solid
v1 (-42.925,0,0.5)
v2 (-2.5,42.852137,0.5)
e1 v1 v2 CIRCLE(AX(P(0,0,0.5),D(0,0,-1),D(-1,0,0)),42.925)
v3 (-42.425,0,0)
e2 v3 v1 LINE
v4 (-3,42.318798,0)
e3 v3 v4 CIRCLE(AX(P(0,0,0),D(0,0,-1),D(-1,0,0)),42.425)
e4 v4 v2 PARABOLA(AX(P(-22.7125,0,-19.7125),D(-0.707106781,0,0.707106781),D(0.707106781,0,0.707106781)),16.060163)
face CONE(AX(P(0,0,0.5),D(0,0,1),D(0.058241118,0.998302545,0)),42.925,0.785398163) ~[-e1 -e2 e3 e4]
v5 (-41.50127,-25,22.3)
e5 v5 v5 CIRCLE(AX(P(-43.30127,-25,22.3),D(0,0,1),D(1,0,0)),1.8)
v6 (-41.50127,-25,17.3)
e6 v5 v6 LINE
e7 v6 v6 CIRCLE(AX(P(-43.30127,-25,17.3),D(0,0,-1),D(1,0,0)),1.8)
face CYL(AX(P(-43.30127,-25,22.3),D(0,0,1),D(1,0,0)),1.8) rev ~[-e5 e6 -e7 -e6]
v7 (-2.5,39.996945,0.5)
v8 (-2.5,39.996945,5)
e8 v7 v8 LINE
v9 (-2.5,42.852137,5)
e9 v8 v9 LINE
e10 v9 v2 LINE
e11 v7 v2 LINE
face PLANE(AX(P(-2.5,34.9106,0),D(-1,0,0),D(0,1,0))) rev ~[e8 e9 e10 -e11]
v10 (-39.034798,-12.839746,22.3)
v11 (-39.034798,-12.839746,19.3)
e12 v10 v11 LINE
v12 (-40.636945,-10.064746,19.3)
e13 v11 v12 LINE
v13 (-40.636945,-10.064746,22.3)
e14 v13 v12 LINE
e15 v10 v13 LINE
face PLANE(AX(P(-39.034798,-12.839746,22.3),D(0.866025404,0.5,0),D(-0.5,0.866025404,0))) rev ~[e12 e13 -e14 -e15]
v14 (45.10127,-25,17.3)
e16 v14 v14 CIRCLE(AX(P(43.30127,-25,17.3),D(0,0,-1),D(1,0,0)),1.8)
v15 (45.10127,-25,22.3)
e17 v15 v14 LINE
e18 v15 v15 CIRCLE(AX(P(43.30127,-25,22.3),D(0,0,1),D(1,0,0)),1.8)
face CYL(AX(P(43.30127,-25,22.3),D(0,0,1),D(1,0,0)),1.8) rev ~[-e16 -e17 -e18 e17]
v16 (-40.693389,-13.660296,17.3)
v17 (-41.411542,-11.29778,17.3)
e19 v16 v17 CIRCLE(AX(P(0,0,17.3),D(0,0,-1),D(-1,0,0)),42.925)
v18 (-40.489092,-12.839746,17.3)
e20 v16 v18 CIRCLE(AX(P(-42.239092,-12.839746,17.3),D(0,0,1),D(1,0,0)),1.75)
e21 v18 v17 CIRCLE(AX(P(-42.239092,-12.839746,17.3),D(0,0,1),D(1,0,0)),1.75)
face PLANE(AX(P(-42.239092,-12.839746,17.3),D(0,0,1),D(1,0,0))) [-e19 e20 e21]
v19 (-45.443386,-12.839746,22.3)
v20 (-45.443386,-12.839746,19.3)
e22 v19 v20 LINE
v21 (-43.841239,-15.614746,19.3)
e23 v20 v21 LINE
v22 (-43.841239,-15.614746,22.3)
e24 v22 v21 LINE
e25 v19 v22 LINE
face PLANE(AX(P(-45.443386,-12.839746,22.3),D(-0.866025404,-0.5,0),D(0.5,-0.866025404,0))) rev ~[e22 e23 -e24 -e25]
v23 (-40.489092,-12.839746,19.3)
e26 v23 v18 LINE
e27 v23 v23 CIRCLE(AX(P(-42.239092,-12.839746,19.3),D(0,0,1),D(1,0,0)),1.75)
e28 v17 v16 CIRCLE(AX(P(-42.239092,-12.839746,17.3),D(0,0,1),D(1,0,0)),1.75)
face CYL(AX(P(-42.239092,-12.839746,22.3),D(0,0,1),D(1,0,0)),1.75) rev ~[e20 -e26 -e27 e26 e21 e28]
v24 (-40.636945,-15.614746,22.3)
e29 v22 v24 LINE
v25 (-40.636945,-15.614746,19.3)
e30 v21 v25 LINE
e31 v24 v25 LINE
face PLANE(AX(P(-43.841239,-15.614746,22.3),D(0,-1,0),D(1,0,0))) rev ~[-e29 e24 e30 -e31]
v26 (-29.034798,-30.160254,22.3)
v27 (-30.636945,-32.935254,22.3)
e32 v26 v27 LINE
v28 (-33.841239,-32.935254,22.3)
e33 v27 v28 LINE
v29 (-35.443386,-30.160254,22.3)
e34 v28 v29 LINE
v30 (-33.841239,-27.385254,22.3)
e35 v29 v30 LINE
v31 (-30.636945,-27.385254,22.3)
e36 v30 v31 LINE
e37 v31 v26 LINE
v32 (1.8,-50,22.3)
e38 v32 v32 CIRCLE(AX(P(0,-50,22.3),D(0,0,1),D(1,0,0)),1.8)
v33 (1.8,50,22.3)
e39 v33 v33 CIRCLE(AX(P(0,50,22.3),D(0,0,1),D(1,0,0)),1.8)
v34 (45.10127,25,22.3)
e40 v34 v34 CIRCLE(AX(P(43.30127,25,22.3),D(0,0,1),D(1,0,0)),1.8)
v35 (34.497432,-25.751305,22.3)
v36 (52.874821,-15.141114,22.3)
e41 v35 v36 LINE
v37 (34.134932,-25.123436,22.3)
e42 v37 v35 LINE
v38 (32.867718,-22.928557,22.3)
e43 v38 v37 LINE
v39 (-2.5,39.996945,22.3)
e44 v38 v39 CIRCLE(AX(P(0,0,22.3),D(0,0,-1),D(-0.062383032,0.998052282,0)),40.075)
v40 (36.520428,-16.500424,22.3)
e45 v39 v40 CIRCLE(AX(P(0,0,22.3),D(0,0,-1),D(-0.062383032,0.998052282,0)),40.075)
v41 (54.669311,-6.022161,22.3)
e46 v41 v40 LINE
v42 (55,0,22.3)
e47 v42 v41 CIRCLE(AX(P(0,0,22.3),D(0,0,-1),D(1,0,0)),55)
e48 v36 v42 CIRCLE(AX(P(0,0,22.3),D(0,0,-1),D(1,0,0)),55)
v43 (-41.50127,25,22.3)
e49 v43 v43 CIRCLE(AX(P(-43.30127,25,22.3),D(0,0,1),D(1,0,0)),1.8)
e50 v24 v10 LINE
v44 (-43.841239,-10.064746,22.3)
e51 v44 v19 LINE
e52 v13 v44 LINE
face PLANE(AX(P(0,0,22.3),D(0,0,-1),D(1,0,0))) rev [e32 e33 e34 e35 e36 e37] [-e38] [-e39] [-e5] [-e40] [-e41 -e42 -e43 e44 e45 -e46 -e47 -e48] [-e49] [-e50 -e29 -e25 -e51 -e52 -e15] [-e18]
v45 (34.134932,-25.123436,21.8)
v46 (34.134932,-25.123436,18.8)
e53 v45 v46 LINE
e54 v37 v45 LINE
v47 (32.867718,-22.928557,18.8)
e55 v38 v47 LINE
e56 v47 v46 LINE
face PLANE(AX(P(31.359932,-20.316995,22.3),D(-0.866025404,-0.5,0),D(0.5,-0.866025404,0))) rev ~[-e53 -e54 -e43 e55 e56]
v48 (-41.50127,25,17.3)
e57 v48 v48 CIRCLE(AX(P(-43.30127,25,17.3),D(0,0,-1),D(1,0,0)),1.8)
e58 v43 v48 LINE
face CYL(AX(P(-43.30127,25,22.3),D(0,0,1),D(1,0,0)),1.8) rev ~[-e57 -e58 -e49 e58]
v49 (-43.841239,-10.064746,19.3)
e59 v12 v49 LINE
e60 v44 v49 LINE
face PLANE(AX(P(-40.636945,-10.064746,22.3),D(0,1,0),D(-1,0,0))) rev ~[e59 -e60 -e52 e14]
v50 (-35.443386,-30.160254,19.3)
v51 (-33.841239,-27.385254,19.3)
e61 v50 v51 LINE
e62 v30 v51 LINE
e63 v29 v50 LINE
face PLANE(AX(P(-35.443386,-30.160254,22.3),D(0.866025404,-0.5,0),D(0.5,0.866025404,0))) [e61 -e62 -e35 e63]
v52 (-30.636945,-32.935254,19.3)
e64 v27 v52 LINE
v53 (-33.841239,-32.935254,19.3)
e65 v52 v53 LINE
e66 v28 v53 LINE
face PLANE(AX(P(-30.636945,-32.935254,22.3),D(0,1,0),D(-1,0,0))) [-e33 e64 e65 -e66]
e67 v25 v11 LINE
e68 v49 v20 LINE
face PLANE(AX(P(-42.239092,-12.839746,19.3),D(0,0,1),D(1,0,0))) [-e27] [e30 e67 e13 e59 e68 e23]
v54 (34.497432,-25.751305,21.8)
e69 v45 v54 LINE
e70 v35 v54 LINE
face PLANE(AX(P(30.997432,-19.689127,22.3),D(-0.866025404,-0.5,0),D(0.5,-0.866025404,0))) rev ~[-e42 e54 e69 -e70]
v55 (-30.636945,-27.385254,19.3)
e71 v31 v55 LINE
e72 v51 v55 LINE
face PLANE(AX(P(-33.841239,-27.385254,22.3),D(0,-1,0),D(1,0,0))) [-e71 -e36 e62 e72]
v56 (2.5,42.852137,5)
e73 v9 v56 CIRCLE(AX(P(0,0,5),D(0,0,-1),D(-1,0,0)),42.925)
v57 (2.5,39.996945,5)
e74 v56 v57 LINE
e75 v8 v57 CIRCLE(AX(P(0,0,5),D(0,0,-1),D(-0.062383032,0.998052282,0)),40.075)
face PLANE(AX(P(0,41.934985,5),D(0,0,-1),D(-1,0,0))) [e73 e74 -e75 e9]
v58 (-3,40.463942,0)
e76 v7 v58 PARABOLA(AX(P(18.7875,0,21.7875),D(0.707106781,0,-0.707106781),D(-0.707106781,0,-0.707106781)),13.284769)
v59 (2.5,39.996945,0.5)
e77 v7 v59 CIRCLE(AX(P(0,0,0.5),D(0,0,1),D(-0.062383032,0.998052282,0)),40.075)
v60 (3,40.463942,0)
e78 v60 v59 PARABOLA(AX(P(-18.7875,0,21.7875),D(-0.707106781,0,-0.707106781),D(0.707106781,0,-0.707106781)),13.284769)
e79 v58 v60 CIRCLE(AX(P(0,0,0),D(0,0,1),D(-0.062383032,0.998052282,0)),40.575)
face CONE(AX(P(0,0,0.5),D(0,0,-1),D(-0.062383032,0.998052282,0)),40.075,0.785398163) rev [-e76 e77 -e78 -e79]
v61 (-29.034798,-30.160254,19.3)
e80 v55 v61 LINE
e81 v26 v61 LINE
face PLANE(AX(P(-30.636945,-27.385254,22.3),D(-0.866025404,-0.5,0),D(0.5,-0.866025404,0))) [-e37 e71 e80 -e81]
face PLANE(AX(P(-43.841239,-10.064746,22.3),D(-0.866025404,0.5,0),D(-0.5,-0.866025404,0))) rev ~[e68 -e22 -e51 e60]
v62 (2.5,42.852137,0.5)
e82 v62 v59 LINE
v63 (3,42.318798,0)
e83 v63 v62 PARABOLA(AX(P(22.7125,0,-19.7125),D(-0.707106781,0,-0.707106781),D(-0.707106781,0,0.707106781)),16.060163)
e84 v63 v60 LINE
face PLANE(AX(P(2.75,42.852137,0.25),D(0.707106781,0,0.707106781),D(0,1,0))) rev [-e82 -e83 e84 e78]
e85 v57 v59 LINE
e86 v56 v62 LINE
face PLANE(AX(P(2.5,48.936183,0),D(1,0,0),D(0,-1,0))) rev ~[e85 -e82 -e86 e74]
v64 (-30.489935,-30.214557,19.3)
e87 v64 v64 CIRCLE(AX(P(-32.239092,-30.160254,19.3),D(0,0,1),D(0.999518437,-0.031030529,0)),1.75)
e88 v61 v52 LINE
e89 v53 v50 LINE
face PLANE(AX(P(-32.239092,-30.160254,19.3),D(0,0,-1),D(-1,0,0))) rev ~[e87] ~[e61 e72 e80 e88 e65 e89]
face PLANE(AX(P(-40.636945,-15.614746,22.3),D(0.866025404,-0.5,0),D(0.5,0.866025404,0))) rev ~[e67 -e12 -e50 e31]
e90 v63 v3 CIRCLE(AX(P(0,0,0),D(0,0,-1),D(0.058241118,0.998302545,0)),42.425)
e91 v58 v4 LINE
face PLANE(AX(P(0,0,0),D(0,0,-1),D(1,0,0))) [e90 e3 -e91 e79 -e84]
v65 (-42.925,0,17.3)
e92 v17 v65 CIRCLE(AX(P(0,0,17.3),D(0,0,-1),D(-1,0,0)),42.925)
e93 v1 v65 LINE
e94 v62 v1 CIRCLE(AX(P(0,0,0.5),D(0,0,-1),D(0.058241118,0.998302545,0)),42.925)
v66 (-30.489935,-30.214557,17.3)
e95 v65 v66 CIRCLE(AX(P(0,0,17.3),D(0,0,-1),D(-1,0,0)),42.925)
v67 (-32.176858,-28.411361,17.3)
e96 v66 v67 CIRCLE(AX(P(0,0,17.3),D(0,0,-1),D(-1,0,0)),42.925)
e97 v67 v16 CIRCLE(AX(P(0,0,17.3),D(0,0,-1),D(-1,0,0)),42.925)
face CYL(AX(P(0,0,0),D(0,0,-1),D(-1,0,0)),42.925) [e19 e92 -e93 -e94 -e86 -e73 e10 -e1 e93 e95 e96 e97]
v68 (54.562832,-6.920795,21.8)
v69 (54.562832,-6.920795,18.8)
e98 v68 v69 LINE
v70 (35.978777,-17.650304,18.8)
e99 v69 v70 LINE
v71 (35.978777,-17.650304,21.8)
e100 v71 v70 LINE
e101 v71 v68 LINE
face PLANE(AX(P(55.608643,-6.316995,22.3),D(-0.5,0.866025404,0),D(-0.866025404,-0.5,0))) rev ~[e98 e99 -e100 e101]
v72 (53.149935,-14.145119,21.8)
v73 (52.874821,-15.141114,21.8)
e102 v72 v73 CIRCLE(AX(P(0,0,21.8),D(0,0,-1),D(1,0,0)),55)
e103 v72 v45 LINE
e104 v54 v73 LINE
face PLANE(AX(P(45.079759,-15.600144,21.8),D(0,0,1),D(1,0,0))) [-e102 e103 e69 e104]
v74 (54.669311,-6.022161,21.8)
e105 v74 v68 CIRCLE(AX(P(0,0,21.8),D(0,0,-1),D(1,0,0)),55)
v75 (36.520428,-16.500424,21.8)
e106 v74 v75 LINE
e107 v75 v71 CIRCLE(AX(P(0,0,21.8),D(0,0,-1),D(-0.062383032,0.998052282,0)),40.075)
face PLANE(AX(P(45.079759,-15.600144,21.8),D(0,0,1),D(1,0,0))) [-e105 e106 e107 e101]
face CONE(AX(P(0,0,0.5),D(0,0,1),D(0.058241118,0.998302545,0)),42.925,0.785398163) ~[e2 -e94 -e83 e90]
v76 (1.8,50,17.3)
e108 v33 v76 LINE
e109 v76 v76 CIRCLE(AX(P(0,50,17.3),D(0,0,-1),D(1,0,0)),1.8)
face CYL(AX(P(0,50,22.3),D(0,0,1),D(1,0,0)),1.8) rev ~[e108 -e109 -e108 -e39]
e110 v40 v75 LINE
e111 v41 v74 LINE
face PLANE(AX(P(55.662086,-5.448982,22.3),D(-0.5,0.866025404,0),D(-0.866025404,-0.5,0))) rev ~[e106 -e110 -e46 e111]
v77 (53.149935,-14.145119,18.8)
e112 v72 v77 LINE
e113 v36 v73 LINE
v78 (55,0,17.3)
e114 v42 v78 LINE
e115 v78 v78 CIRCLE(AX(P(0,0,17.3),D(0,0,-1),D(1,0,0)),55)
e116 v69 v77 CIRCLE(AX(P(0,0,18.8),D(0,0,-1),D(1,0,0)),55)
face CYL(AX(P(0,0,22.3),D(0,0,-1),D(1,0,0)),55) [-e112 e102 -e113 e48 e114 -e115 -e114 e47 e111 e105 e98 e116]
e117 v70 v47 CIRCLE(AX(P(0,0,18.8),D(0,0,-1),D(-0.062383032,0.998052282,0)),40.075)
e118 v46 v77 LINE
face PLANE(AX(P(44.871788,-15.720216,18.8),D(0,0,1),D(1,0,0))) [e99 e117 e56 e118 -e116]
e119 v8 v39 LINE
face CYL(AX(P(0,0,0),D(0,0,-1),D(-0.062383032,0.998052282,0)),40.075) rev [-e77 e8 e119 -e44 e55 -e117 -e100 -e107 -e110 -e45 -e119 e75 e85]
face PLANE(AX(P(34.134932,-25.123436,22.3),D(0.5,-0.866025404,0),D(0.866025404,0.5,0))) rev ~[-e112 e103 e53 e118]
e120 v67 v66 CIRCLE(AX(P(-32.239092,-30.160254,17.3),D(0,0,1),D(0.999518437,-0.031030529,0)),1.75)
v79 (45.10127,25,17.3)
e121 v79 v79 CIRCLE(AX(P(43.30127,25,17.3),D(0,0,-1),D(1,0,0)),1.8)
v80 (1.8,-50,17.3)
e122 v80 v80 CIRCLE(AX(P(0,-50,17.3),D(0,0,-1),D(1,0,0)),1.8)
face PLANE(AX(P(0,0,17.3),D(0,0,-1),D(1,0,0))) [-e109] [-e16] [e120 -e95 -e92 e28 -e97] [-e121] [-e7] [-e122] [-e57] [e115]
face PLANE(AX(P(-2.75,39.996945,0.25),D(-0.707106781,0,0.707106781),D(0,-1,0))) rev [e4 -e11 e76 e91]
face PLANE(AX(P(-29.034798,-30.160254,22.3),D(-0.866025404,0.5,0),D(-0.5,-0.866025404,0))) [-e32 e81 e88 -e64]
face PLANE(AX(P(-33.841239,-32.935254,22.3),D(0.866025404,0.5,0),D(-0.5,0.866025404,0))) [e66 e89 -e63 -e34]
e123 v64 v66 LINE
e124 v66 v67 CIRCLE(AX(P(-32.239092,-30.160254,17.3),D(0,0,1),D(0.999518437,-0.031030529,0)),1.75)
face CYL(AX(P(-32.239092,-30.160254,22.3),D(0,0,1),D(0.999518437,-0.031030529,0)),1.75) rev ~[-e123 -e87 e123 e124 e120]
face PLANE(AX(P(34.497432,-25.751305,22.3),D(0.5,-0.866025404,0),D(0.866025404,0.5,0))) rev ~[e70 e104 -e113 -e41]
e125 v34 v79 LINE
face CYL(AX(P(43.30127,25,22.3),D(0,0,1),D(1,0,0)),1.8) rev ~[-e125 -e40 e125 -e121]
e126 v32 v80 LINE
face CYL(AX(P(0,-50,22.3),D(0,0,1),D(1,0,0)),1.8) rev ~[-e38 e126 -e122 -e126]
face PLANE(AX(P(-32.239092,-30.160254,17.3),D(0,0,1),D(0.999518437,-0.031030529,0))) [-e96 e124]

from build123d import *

# Parameters (mm, degrees)
SKETCH2_R           = 1.8
CUT_EXTRUDE1_DEPTH  = 11
CUT_EXTRUDE2_DEPTH  = 5
SKETCH4_OUTSIDE_W   = 143.43
SKETCH4_OUTSIDE_H   = 143.43
SKETCH4_OUTSIDE_R   = 42.925
CUT_EXTRUDE3_DEPTH  = 17.3
SKETCH6_R           = 40.075
CUT_EXTRUDE5_DEPTH  = 81.915326113
CHAMFER1_SIZE       = 0.5
CUT_EXTRUDE6_DEPTH  = 3.5
CUT_EXTRUDE7_DEPTH  = 3
SKETCH9_R           = 1.75
CUT_EXTRUDE9_DEPTH  = 5
CUT_EXTRUDE10_DEPTH = 0.5


with BuildPart() as part:
    # Sketch1 → Revolve1 (revolve)
    with BuildSketch(Plane(origin=(0, 0, 0), x_dir=(1, 0, 0), z_dir=(0, 1, 0))):
        Polygon((35, 0), (35, -22.3), (55, -22.3), (55, -17.3), (49, -17.3), (49, 0), align=None)
    revolve(axis=Axis((0, 0, 94.21875), (0, 0, -1)))

    # Sketch2 → Cut-Extrude1 (cut)
    with BuildSketch(Plane.XY.offset(22.3)):
        with Locations((0, 50)):
            Circle(SKETCH2_R)
        with Locations((43.301270189, 25)):
            Circle(SKETCH2_R)
        with Locations((43.301270189, -25)):
            Circle(SKETCH2_R)
        with Locations((0, -50)):
            Circle(SKETCH2_R)
        with Locations((-43.301270189, -25)):
            Circle(SKETCH2_R)
        with Locations((-43.301270189, 25)):
            Circle(SKETCH2_R)
    extrude(amount=-CUT_EXTRUDE1_DEPTH, mode=Mode.SUBTRACT)

    # Sketch3 → Cut-Extrude2 (cut)
    with BuildSketch(Plane.XY):
        with BuildLine():
            Line((2.5, 48.936182932), (2.5, 34.910600109))
            ThreePointArc((2.5, 34.910600109), (0, 35), (-2.5, 34.910600109))
            Line((-2.5, 34.910600109), (-2.5, 48.936182932))
            ThreePointArc((-2.5, 48.936182932), (0, 49), (2.5, 48.936182932))
        make_face()
    extrude(amount=CUT_EXTRUDE2_DEPTH, mode=Mode.SUBTRACT)

    # Sketch4 outside → Cut-Extrude3 (cut)
    with BuildSketch(Plane(origin=(0, 0, 0), x_dir=(-1, 0, 0), z_dir=(0, 0, -1))):
        Rectangle(SKETCH4_OUTSIDE_W, SKETCH4_OUTSIDE_H)
        Circle(SKETCH4_OUTSIDE_R, mode=Mode.SUBTRACT)
    extrude(amount=-CUT_EXTRUDE3_DEPTH, mode=Mode.SUBTRACT)

    # Sketch6 → Cut-Extrude5 (cut, through all)
    with BuildSketch(Plane.XY):
        with Locations(Location((0, 0, 0), (0, 0, 93.576606812))):
            Circle(SKETCH6_R)
    extrude(amount=CUT_EXTRUDE5_DEPTH, mode=Mode.SUBTRACT)

    # Chamfer1
    chamfer1_edges = [part.edges().sort_by_distance(p)[0] for p in [
        (2.5, 41.424540979, 0),
        (0, -40.075, 0),
        (-2.5, 41.424540979, 0),
        (29.455416522, -31.223934129, 0),
    ]]
    chamfer(chamfer1_edges, length=CHAMFER1_SIZE)

    # Sketch7 → Cut-Extrude6 (cut)
    with BuildSketch(Plane.XY.offset(22.3)):
        Polygon((31.359931864, -20.316995311), (34.134931864, -25.123436302), (58.38364317, -11.123436302), (55.60864317, -6.316995311), align=None)
    extrude(amount=-CUT_EXTRUDE6_DEPTH, mode=Mode.SUBTRACT)

    # Sketch8 → Cut-Extrude7 (cut)
    with BuildSketch(Plane.XY.offset(22.3)):
        Polygon((-29.034798369, -30.160254038), (-30.636945366, -32.935254038), (-33.84123936, -32.935254038), (-35.443386357, -30.160254038), (-33.84123936, -27.385254038), (-30.636945366, -27.385254038), align=None)
        Polygon((-43.84123936, -10.064745962), (-45.443386357, -12.839745962), (-43.84123936, -15.614745962), (-40.636945366, -15.614745962), (-39.034798369, -12.839745962), (-40.636945366, -10.064745962), align=None)
    extrude(amount=-CUT_EXTRUDE7_DEPTH, mode=Mode.SUBTRACT)

    # Sketch9 → Cut-Extrude9 (cut)
    with BuildSketch(Plane.XY.offset(22.3)):
        with Locations((-42.239092363, -12.839745962)):
            Circle(SKETCH9_R)
        with Locations(Location((-32.239092363, -30.160254038, 0), (0, 0, 358.221796194))):
            Circle(SKETCH9_R)
    extrude(amount=-CUT_EXTRUDE9_DEPTH, mode=Mode.SUBTRACT)

    # Sketch10 → Cut-Extrude10 (cut)
    with BuildSketch(Plane.XY.offset(22.3)):
        Polygon((30.997431864, -19.689126893), (34.497431864, -25.75130472), (59.162085788, -11.511160138), (55.662085788, -5.448982311), align=None)
    extrude(amount=-CUT_EXTRUDE10_DEPTH, mode=Mode.SUBTRACT)


solid = part.part
